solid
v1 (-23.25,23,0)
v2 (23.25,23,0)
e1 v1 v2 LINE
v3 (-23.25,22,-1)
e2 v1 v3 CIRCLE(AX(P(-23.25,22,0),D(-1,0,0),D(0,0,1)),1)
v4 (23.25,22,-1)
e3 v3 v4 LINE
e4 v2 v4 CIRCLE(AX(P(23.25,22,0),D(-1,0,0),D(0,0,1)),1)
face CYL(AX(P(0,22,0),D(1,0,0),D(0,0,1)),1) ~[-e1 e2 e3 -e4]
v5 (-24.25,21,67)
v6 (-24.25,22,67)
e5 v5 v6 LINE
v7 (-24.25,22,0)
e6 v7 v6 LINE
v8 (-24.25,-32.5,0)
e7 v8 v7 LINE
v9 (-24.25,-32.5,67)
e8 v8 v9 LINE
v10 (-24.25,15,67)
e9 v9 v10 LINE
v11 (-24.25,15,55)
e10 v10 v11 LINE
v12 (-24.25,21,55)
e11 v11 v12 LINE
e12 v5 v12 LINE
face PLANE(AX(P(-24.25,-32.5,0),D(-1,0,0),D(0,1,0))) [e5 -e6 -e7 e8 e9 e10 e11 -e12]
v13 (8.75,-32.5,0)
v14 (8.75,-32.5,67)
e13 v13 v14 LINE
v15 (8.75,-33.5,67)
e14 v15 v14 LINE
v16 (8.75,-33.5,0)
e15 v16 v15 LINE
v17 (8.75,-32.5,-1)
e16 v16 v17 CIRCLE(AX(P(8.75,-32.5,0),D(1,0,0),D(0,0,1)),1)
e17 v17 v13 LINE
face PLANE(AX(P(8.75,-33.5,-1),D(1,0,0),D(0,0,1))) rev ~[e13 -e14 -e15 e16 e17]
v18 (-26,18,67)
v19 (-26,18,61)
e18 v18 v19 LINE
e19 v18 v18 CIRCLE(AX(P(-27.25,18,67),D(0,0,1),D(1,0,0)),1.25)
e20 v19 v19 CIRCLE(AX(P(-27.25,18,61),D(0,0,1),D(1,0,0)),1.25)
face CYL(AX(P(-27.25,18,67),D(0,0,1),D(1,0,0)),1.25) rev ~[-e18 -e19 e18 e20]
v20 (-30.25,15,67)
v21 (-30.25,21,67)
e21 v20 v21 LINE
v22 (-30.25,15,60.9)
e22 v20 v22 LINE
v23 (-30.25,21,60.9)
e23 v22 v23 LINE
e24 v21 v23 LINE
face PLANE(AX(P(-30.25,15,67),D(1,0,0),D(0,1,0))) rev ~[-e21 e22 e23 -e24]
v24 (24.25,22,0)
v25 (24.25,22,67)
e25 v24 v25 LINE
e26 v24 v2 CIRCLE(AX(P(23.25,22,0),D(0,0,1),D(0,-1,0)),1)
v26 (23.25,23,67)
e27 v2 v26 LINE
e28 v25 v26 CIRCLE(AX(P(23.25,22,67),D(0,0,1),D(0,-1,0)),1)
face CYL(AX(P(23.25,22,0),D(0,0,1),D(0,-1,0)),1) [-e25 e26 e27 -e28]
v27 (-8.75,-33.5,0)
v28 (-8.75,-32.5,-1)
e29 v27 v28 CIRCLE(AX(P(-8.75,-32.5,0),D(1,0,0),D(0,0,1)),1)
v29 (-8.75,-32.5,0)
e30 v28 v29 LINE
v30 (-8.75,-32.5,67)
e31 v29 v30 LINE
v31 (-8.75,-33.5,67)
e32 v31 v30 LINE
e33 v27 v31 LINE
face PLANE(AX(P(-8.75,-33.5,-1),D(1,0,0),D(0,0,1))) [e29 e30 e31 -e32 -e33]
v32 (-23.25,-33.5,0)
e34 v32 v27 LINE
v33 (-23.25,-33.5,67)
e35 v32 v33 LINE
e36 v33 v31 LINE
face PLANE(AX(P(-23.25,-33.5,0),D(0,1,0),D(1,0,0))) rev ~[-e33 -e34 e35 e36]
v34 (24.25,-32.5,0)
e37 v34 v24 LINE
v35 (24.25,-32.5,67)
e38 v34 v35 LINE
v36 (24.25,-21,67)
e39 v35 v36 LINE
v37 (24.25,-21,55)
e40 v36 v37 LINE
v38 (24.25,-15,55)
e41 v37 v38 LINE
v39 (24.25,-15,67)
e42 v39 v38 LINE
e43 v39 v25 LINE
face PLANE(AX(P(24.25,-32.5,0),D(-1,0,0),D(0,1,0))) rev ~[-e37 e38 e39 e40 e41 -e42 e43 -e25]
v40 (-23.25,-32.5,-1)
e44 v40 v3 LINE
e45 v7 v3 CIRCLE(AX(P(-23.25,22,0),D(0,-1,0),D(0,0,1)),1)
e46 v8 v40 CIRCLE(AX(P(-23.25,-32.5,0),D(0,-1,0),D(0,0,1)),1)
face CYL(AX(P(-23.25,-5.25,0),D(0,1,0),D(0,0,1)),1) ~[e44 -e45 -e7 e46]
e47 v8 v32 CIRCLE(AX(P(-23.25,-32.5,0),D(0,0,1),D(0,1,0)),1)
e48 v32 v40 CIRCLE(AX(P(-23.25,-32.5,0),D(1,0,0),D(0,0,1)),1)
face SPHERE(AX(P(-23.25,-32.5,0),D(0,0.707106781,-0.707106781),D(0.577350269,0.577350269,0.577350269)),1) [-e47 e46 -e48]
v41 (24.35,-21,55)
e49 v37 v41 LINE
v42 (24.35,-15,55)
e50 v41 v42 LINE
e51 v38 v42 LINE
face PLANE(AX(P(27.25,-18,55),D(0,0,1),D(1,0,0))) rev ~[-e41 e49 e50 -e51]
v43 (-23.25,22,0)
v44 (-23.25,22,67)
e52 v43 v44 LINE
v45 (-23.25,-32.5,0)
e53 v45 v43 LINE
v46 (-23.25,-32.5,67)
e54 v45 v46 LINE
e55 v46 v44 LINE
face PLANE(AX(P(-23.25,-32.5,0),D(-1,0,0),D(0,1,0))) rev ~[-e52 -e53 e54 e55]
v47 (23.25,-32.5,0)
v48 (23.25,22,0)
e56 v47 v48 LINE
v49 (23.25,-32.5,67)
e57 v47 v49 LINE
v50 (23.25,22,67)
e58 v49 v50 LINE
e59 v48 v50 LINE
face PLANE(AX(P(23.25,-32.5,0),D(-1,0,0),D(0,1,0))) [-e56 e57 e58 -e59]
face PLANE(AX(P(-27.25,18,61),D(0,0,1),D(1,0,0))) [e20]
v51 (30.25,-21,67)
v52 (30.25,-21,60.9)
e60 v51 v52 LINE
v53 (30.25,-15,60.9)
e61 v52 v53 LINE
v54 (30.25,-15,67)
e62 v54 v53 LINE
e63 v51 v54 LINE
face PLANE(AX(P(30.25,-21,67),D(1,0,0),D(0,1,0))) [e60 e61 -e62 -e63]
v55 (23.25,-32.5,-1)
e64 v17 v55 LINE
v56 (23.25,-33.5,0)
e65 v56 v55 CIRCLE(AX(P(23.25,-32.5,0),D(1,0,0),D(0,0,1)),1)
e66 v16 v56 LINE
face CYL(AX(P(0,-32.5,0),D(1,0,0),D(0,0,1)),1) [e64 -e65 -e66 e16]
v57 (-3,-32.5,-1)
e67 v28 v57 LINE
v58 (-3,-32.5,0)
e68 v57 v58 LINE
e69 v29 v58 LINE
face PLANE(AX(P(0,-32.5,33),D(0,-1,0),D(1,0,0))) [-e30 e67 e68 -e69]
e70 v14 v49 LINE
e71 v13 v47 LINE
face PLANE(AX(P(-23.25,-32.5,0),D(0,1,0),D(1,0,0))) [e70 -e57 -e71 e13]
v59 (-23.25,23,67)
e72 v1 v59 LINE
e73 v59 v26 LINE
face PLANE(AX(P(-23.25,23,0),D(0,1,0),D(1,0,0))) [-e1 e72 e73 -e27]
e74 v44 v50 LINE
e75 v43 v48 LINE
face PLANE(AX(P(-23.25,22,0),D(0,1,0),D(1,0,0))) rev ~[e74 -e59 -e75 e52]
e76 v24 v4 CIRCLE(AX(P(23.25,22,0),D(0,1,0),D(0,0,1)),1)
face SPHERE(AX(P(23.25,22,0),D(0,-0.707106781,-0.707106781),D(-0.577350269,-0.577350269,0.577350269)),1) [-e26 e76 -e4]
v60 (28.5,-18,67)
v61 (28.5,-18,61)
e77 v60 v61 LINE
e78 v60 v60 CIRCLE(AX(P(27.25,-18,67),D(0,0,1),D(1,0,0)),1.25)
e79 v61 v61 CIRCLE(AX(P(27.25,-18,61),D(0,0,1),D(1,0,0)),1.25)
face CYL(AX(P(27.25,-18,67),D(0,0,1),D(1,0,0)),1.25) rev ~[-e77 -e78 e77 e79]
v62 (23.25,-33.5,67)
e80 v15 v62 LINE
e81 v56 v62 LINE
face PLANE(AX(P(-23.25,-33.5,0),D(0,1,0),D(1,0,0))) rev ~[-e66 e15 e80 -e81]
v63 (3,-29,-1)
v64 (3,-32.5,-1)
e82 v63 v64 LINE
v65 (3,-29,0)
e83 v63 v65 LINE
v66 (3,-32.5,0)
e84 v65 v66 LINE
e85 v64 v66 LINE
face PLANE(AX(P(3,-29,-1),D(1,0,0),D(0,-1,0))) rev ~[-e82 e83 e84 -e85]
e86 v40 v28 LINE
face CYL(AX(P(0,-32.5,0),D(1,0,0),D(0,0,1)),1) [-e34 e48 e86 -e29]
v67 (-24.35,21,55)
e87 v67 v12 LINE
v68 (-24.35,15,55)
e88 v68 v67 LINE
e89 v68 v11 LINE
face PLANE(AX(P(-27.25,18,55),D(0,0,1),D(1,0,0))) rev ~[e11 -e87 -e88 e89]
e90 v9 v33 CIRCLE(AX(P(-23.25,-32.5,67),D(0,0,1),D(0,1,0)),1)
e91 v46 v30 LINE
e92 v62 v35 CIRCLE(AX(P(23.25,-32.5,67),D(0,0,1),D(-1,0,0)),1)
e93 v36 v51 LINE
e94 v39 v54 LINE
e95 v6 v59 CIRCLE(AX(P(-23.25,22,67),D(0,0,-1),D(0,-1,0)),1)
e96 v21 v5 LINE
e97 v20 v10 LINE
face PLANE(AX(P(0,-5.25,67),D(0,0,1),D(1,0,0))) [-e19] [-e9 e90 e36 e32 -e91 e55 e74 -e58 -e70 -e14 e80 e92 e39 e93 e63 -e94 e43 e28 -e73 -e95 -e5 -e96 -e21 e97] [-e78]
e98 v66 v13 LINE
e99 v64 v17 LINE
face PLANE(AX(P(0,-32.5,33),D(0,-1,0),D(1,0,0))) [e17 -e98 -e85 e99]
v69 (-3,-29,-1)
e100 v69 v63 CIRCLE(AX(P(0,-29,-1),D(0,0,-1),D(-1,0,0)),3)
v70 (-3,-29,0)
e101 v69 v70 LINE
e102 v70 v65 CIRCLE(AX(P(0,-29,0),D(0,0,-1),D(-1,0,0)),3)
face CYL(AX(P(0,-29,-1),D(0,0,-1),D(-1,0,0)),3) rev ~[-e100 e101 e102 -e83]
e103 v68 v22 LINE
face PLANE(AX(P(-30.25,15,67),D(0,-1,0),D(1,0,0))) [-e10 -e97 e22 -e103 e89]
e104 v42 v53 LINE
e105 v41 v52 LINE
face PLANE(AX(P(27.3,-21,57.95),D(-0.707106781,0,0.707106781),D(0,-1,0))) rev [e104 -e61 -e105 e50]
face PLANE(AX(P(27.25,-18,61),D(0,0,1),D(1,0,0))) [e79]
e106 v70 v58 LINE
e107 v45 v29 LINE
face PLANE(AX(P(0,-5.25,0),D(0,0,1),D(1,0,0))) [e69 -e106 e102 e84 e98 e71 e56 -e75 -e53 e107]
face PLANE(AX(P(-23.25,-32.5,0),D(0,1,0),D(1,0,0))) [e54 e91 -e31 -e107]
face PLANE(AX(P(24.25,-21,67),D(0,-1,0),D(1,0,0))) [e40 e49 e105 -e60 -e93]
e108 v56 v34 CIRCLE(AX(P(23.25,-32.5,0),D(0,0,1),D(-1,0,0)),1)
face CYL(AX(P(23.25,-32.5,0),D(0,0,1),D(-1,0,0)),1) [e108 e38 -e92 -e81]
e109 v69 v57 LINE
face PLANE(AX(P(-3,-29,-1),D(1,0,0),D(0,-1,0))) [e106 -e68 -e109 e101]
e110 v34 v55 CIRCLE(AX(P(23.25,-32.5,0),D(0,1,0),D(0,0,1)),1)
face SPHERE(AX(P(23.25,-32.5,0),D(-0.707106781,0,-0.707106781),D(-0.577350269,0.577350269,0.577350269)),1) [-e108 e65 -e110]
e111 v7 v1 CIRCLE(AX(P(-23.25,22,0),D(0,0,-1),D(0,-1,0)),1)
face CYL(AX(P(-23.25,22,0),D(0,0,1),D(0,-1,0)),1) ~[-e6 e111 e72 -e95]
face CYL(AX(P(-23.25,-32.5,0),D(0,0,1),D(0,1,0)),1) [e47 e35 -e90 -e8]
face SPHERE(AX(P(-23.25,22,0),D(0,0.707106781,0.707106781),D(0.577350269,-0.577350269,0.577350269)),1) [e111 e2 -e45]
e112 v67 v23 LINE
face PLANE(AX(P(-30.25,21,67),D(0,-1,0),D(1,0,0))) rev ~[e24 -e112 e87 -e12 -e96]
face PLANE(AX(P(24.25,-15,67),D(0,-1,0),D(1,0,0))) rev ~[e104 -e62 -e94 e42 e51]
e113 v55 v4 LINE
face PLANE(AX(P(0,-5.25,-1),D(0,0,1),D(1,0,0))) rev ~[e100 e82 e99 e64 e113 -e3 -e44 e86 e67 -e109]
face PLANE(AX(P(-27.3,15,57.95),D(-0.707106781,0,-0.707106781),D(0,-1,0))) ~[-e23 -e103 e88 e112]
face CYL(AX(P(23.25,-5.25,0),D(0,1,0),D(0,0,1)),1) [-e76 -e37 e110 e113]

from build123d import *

# Parameters (mm, degrees)
SKETCH_W        = 46.5
SKETCH_H        = 54.5
PAD_DEPTH       = 67
THICKNESS_T     = 1
SKETCH001_W     = 6
SKETCH001_H     = 6
PAD001_DEPTH    = 12
CHAMFER_SIZE    = 5.9
SKETCH002_R     = 1.25
POCKET_DEPTH    = 6
SKETCH003_W     = 17.5
SKETCH003_H     = 68
POCKET001_DEPTH = 1
POCKET002_DEPTH = 1


with BuildPart() as part:
    # Sketch → Pad (new body)
    with BuildSketch(Plane.XY):
        with Locations((0, -5.25)):
            Rectangle(SKETCH_W, SKETCH_H)
    extrude(amount=PAD_DEPTH)

    # Thickness
    thickness_openings = [part.faces().sort_by_distance(p)[0] for p in [
        (0, -5.25, 67),
    ]]
    offset(amount=THICKNESS_T, openings=thickness_openings)

    # Sketch001 → Pad001 (new body)
    with BuildSketch(Plane.XY.offset(67)):
        with Locations((-27.25, 18)):
            Rectangle(SKETCH001_W, SKETCH001_H)
        with Locations((27.25, -18)):
            Rectangle(SKETCH001_W, SKETCH001_H)
    extrude(amount=-PAD001_DEPTH)

    # Chamfer
    chamfer_edges = [part.edges().sort_by_distance(p)[0] for p in [
        (-30.25, 18, 55),
        (30.25, -18, 55),
    ]]
    chamfer(chamfer_edges, length=CHAMFER_SIZE)

    # Sketch002 → Pocket (cut)
    with BuildSketch(Plane.XY.offset(67)):
        with Locations((-27.25, 18)):
            Circle(SKETCH002_R)
        with Locations((27.25, -18)):
            Circle(SKETCH002_R)
    extrude(amount=-POCKET_DEPTH, mode=Mode.SUBTRACT)

    # Sketch003 → Pocket001 (cut)
    with BuildSketch(Plane.XZ.offset(33.5)):
        with Locations((0, 33)):
            Rectangle(SKETCH003_W, SKETCH003_H)
    extrude(amount=-POCKET001_DEPTH, mode=Mode.SUBTRACT)

    # Sketch004 → Pocket002 (cut)
    with BuildSketch(Plane(origin=(0, 0, -1), x_dir=(1, 0, 0), z_dir=(0, 0, -1))):
        with BuildLine():
            ThreePointArc((-3, 29), (0, 26), (3, 29))
            Line((3, 29), (3, 39))
            ThreePointArc((3, 39), (0, 42), (-3, 39))
            Line((-3, 29), (-3, 39))
        make_face()
    extrude(amount=-POCKET002_DEPTH, mode=Mode.SUBTRACT)


solid = part.part
